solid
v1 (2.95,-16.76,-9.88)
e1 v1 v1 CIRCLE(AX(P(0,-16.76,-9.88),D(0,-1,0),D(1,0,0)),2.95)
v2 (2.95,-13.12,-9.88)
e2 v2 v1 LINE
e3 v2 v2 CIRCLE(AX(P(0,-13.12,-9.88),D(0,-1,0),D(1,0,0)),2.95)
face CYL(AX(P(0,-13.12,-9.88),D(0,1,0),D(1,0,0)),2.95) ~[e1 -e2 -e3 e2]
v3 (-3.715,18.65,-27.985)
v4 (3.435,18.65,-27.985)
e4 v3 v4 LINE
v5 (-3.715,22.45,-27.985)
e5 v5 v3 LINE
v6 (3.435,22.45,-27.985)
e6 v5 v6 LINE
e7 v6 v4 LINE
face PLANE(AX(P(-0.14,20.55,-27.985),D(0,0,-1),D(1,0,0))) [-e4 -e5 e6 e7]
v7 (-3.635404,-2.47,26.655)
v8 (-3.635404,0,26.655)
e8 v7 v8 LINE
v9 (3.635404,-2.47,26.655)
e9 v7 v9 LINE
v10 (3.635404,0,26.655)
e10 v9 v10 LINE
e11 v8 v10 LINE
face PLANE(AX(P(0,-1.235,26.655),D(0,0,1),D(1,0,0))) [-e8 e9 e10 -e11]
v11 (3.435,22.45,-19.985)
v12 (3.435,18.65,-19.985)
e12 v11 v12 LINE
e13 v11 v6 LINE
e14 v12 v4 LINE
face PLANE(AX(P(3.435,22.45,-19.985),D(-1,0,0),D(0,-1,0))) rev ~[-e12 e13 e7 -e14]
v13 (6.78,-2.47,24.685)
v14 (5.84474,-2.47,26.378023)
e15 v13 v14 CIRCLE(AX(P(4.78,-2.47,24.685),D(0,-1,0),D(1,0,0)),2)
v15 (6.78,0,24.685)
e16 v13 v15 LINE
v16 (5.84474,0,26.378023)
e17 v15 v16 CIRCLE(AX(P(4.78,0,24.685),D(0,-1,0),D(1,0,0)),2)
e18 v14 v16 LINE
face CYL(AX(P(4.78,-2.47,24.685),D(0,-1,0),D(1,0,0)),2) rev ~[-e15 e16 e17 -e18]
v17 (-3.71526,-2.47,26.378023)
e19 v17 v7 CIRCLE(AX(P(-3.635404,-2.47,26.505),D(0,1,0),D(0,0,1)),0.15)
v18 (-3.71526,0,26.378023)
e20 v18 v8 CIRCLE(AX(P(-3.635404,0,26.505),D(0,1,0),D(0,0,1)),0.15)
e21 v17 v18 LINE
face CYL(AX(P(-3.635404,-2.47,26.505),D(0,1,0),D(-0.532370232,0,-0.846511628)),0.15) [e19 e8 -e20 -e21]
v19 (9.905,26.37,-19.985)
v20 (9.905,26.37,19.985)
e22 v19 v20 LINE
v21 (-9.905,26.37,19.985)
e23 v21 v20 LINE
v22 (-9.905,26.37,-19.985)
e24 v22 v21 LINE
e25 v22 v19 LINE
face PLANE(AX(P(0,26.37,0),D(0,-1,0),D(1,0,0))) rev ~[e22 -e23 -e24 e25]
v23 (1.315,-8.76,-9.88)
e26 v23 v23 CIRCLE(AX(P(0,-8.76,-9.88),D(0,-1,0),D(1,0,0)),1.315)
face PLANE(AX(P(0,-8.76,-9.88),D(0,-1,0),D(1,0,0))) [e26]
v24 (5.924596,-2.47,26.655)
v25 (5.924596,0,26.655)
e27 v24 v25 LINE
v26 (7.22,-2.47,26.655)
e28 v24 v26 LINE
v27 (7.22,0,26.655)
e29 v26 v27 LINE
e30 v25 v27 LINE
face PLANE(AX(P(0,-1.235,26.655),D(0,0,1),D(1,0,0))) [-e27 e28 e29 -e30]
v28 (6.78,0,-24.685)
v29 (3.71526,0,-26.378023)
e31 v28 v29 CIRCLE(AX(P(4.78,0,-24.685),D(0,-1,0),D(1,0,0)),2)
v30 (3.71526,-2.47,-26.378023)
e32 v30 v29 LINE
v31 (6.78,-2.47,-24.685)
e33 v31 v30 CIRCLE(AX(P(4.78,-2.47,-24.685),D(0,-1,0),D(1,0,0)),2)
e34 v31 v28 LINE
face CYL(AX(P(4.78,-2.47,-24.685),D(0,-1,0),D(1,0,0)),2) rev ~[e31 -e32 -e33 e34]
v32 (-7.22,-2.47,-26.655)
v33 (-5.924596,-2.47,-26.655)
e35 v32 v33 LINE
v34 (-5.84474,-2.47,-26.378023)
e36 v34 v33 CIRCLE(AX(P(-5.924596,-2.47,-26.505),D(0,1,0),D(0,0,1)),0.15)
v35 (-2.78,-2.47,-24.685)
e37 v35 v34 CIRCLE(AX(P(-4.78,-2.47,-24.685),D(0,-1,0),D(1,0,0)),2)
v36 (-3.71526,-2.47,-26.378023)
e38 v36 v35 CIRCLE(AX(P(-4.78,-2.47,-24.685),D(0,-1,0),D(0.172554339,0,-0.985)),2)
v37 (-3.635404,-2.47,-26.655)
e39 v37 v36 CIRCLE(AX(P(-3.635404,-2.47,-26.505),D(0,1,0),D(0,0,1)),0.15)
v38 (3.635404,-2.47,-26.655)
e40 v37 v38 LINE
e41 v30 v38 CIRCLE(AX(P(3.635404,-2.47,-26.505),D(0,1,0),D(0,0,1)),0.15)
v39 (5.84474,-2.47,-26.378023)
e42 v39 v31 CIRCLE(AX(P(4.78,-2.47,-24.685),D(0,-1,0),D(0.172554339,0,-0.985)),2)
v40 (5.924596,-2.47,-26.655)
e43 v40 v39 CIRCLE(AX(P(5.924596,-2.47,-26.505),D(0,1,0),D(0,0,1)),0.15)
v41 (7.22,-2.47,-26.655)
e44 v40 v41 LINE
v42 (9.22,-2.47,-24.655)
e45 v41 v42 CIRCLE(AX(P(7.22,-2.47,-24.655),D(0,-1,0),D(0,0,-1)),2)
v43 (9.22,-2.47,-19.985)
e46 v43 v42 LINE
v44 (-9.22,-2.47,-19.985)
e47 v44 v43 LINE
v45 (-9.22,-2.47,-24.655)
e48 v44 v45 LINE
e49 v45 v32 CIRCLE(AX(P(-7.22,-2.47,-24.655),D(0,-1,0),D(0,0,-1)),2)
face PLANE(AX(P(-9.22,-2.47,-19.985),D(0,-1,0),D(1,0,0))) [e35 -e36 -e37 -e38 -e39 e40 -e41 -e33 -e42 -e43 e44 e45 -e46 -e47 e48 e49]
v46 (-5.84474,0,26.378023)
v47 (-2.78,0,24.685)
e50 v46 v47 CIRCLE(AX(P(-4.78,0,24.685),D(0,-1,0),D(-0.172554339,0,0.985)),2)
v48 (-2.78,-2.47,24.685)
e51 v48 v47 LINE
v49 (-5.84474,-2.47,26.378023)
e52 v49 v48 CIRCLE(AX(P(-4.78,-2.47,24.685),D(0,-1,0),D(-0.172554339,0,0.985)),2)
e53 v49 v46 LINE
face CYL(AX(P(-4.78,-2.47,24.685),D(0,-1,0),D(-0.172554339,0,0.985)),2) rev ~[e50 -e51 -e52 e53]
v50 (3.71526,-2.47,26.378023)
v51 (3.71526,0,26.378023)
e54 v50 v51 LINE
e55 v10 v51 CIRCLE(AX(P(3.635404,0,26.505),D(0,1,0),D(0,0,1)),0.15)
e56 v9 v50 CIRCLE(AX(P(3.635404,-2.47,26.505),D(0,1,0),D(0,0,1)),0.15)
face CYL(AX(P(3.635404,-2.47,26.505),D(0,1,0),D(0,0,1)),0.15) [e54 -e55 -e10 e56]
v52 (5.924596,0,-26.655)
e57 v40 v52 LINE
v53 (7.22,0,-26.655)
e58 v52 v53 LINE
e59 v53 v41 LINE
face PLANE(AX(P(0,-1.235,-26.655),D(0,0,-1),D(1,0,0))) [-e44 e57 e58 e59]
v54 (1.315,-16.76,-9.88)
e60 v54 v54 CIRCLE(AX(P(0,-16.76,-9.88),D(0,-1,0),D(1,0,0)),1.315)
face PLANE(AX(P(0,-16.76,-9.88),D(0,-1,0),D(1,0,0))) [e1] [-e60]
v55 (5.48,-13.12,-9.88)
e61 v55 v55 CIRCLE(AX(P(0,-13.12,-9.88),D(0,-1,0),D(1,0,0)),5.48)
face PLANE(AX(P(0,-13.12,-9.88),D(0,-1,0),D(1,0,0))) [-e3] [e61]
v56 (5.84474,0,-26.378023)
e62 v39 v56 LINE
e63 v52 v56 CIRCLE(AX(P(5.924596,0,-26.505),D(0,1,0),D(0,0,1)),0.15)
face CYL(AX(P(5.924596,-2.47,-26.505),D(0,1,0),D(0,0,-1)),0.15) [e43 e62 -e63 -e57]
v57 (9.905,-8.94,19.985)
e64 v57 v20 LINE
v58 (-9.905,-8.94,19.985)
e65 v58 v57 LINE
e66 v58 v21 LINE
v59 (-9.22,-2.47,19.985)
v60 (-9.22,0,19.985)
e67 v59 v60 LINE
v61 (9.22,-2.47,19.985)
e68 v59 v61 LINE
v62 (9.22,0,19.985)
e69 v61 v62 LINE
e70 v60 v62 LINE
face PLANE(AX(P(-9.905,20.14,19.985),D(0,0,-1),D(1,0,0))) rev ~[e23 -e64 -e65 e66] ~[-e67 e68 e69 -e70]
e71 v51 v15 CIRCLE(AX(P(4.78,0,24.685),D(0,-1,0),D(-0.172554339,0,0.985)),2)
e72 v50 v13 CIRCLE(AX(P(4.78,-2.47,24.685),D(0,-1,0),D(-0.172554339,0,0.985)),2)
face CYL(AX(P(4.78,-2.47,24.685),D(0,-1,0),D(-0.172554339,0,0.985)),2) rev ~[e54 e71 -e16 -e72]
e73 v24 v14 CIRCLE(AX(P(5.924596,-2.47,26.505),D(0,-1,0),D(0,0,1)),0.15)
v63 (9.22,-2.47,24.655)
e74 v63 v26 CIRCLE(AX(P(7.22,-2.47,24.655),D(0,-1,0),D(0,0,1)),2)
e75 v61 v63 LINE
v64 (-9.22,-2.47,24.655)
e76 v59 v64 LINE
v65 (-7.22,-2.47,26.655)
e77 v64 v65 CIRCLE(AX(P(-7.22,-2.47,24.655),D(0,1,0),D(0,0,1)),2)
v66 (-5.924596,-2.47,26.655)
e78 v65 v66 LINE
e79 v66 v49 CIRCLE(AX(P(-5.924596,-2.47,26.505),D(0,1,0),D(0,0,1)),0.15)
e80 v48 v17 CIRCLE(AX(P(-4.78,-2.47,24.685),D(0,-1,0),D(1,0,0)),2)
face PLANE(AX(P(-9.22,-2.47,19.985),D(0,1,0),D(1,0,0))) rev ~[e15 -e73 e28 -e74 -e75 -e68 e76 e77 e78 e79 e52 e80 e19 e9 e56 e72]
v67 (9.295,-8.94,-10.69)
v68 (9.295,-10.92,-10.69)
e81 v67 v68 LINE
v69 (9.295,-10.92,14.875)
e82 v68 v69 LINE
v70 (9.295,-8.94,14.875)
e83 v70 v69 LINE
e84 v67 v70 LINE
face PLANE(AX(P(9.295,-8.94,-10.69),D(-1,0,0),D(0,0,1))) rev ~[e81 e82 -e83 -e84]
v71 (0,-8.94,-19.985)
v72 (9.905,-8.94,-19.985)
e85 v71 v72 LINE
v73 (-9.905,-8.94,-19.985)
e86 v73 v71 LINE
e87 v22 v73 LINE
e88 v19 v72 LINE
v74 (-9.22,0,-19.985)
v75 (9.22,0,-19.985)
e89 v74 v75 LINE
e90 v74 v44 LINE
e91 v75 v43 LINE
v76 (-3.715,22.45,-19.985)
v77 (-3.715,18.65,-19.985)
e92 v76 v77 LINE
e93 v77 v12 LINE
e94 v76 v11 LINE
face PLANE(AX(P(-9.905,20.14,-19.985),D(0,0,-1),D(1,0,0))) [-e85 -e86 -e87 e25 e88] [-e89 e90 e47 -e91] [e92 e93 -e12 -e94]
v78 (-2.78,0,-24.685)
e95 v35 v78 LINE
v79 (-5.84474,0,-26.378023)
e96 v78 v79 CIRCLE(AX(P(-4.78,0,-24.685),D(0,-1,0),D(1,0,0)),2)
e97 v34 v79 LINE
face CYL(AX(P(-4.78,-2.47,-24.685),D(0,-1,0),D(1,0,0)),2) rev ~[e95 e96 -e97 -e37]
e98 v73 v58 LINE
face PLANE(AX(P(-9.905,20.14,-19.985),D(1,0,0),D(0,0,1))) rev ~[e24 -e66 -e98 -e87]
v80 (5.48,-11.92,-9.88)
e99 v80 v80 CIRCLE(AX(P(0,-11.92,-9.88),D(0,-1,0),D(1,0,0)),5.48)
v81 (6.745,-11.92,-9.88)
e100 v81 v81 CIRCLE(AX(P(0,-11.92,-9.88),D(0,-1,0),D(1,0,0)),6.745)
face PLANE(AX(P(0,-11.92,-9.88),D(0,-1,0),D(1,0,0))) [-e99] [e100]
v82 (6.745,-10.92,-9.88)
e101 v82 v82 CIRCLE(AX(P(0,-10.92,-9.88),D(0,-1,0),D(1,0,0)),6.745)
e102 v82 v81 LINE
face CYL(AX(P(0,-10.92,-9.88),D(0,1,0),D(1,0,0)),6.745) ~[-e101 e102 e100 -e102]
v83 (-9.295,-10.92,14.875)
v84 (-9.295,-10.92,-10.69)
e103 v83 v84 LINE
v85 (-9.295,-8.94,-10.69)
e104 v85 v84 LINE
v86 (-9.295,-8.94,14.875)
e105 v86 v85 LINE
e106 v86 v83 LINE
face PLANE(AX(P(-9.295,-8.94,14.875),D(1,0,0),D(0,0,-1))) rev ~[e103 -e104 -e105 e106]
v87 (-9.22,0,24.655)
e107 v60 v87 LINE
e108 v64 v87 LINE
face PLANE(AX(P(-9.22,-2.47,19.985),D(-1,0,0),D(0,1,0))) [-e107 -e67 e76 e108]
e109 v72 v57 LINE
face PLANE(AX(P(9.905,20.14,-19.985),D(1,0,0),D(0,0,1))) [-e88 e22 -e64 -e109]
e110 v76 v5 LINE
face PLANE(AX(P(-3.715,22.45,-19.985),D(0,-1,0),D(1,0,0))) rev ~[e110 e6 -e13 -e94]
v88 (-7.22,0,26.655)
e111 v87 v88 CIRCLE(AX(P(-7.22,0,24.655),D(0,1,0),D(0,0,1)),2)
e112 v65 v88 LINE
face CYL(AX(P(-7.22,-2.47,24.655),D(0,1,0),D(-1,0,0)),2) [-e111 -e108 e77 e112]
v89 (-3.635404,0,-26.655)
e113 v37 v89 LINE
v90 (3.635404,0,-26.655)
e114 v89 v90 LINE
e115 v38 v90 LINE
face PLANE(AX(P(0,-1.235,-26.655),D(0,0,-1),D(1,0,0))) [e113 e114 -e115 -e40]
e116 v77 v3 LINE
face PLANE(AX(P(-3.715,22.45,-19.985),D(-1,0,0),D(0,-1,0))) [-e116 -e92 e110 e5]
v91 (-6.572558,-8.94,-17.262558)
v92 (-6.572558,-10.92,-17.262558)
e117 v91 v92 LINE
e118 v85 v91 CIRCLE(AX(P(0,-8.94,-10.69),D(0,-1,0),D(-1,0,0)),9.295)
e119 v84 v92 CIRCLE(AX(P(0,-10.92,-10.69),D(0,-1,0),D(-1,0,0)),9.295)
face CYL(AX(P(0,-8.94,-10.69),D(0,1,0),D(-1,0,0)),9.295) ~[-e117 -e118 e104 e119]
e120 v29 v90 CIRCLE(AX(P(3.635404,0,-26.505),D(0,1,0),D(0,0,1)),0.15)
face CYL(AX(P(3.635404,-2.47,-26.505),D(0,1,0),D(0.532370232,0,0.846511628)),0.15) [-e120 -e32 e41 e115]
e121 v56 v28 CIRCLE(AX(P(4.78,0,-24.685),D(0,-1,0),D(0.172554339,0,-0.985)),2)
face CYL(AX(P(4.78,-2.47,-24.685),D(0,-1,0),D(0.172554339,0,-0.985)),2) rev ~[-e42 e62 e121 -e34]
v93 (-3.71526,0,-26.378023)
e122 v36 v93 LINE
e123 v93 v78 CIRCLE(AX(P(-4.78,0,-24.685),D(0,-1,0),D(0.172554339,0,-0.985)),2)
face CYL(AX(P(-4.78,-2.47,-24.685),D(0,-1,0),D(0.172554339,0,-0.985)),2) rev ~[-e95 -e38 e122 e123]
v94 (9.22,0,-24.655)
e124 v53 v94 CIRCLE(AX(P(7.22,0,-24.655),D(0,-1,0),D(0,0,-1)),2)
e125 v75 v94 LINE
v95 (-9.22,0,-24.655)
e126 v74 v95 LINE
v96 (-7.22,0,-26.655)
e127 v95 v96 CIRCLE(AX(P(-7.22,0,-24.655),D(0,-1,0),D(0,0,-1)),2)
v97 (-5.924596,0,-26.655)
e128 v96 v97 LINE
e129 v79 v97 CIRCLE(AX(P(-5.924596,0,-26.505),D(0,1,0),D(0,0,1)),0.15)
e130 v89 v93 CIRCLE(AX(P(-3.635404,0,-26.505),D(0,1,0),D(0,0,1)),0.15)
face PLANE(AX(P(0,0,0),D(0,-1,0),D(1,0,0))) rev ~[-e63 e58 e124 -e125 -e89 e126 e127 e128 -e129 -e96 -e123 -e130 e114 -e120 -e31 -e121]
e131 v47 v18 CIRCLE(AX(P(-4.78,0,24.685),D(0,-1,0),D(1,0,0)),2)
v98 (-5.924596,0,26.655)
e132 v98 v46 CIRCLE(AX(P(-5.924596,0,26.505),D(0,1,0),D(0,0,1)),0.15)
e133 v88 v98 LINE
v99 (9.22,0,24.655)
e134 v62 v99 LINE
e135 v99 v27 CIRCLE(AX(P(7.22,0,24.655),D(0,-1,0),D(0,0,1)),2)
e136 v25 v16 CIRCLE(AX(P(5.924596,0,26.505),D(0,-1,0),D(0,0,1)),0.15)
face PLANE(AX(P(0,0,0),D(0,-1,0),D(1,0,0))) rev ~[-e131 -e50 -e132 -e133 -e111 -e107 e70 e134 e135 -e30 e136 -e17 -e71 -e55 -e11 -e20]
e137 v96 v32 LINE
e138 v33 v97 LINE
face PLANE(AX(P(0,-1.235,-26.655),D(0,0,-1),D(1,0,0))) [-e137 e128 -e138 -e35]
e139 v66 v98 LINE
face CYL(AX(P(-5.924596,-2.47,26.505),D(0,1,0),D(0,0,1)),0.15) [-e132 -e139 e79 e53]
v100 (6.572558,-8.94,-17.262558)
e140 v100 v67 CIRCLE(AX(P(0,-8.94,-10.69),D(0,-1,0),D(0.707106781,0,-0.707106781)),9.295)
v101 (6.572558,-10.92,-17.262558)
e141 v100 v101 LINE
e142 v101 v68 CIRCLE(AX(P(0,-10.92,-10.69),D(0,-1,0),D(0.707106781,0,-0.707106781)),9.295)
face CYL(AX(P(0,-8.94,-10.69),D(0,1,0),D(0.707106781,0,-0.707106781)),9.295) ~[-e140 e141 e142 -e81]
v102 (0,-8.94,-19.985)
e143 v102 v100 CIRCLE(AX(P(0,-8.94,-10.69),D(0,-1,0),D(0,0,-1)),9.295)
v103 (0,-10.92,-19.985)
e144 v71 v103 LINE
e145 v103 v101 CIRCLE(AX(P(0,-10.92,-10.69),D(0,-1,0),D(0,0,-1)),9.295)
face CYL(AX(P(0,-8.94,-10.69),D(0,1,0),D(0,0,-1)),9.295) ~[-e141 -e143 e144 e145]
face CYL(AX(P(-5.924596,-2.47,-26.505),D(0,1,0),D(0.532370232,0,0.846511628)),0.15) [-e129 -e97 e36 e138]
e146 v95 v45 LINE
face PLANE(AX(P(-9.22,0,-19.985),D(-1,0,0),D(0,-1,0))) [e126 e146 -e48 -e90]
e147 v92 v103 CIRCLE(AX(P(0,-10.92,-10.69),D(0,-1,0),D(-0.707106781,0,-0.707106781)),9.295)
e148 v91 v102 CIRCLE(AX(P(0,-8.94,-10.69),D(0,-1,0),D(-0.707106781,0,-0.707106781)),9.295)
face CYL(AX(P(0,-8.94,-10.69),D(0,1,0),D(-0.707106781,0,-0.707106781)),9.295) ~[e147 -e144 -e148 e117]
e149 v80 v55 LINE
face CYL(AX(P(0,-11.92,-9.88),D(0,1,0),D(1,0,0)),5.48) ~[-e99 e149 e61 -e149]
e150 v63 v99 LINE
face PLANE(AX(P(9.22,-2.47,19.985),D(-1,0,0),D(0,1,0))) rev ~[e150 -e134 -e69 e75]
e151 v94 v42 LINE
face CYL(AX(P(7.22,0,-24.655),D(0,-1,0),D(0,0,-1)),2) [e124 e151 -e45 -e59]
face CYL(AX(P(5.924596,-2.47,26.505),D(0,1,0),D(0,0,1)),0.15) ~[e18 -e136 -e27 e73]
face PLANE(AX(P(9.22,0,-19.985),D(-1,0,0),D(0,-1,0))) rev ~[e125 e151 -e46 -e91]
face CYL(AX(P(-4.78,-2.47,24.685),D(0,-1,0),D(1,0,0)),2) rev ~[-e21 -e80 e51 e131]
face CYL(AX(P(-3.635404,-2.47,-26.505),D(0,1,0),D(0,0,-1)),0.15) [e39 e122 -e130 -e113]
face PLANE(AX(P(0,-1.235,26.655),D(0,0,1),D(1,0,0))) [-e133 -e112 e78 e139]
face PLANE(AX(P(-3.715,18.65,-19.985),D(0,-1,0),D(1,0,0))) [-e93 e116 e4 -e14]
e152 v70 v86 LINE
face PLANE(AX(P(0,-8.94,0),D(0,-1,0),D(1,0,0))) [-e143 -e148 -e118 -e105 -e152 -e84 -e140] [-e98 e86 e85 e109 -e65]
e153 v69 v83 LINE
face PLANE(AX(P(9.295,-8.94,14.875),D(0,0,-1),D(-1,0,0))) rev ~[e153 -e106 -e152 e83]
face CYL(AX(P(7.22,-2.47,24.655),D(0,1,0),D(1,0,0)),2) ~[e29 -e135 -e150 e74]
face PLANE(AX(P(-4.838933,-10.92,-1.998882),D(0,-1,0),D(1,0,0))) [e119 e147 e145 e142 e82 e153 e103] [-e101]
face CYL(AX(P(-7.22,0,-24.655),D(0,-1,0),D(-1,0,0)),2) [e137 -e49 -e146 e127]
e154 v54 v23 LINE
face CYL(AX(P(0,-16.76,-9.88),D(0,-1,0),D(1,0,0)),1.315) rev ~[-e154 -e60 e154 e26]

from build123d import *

# Parameters (mm, degrees)
F0_W      = 19.81
F0_H      = 39.97
F1_DEPTH  = 8.94
F3_W      = 18.44
F3_H      = 2.47
F4_DEPTH  = 6.67
F2_W      = 18.44
F2_H      = 2.47
F5_DEPTH  = 6.67
F6_DEPTH  = 20.14
F8_DEPTH  = 1.98
F9_R      = 6.745
F10_DEPTH = 1
F11_R     = 5.48
F12_DEPTH = 1.2
F13_R     = 2.95
F14_DEPTH = 3.64
F15_R     = 1.315
F16_DEPTH = 8
F17_DEPTH = 6.23
F18_W     = 7.15
F18_H     = 3.8
F19_DEPTH = 8
F22_DEPTH = 5
F23_R     = 0.15
F24_R     = 2


with BuildPart() as f1:
    # F0 (on Front) → F1 (new body)
    with BuildSketch(Plane.XZ):
        Rectangle(F0_W, F0_H)
    extrude(amount=F1_DEPTH)

    # F3 (on face) → F4 (join)
    with BuildSketch(Plane(origin=(0, 0, -19.985), x_dir=(1, 0, 0), z_dir=(0, 0, -1))):
        with Locations((0, 1.235)):
            Rectangle(F3_W, F3_H)
    extrude(amount=F4_DEPTH)

    # F2 (on face) → F5 (join)
    with BuildSketch(Plane.XY.offset(19.985)):
        with Locations((0, -1.235)):
            Rectangle(F2_W, F2_H)
    extrude(amount=F5_DEPTH)

    # F0 (on Front) → F6 (join)
    with BuildSketch(Plane.XZ):
        Rectangle(F0_W, F0_H)
    extrude(amount=-F6_DEPTH)

    # F7 (on face) → F8 (join)
    with BuildSketch(Plane.XZ.offset(8.94)):
        with BuildLine():
            Line((0, -1.395), (-9.295, -1.395))
            Line((-9.295, -1.395), (-6.5725575311, -4.1174424689))
            ThreePointArc((-6.5725575311, -4.1174424689), (-3.5570425038, -2.1025397453), (0, -1.395))
        make_face()
        with BuildLine():
            Line((6.5725575311, -4.1174424689), (9.295, -1.395))
            Line((9.295, -1.395), (0, -1.395))
            ThreePointArc((0, -1.395), (3.5570425038, -2.1025397453), (6.5725575311, -4.1174424689))
        make_face()
        with BuildLine():
            Line((9.295, -10.69), (9.295, -1.395))
            Line((9.295, -1.395), (6.5725575311, -4.1174424689))
            ThreePointArc((6.5725575311, -4.1174424689), (8.5874602547, -7.1329574962), (9.295, -10.69))
        make_face()
        with BuildLine():
            ThreePointArc((-6.5725575311, -4.1174424689), (-8.5874602547, -7.1329574962), (-9.295, -10.69))
            Line((-9.295, -10.69), (0, -10.69))
            Line((0, -10.69), (-6.5725575311, -4.1174424689))
        make_face()
        with BuildLine():
            Line((0, -10.69), (-9.295, -10.69))
            ThreePointArc((-9.295, -10.69), (-8.5874602547, -14.2470425038), (-6.5725575311, -17.2625575311))
            Line((-6.5725575311, -17.2625575311), (0, -10.69))
        make_face()
        with BuildLine():
            Line((0, -19.985), (0, -10.69))
            Line((0, -10.69), (-6.5725575311, -17.2625575311))
            ThreePointArc((-6.5725575311, -17.2625575311), (-3.5570425038, -19.2774602547), (0, -19.985))
        make_face()
        with BuildLine():
            Line((6.5725575311, -17.2625575311), (0, -10.69))
            Line((0, -10.69), (0, -19.985))
            ThreePointArc((0, -19.985), (3.5570425038, -19.2774602547), (6.5725575311, -17.2625575311))
        make_face()
        with BuildLine():
            ThreePointArc((6.5725575311, -17.2625575311), (8.5874602547, -14.2470425038), (9.295, -10.69))
            Line((9.295, -10.69), (0, -10.69))
            Line((0, -10.69), (6.5725575311, -17.2625575311))
        make_face()
        with BuildLine():
            Line((0, -10.69), (9.295, -10.69))
            ThreePointArc((9.295, -10.69), (8.5874602547, -7.1329574962), (6.5725575311, -4.1174424689))
            Line((6.5725575311, -4.1174424689), (0, -10.69))
        make_face()
        with BuildLine():
            ThreePointArc((6.5725575311, -4.1174424689), (3.5570425038, -2.1025397453), (0, -1.395))
            ThreePointArc((0, -1.395), (-3.5570425038, -2.1025397453), (-6.5725575311, -4.1174424689))
            Line((-6.5725575311, -4.1174424689), (0, -10.69))
            Line((0, -10.69), (6.5725575311, -4.1174424689))
        make_face()
        Polygon((9.295, 14.875), (-9.295, 14.875), (-9.295, -1.395), (0, -1.395), (9.295, -1.395), align=None)
        with BuildLine():
            Line((-6.5725575311, -4.1174424689), (-9.295, -1.395))
            Line((-9.295, -1.395), (-9.295, -10.69))
            ThreePointArc((-9.295, -10.69), (-8.5874602547, -7.1329574962), (-6.5725575311, -4.1174424689))
        make_face()
    extrude(amount=F8_DEPTH)

    # F9 (on face) → F10 (join)
    with BuildSketch(Plane.XZ.offset(10.92)):
        with Locations((0, -9.88)):
            Circle(F9_R)
    extrude(amount=F10_DEPTH)

    # F11 (on face) → F12 (join)
    with BuildSketch(Plane.XZ.offset(11.92)):
        with Locations((0, -9.88)):
            Circle(F11_R)
    extrude(amount=F12_DEPTH)

    # F13 (on face) → F14 (join)
    with BuildSketch(Plane.XZ.offset(13.12)):
        with Locations((0, -9.88)):
            Circle(F13_R)
    extrude(amount=F14_DEPTH)

    # F15 (on face) → F16 (cut)
    with BuildSketch(Plane.XZ.offset(16.76)):
        with Locations((0, -9.88)):
            Circle(F15_R)
    extrude(amount=-F16_DEPTH, mode=Mode.SUBTRACT)

    # F17 (add): a face of the model
    f17_faces = [f1.faces().sort_by_distance(p)[0] for p in [
        (0, 20.14, 0),
    ]]
    extrude(f17_faces, amount=F17_DEPTH)

    # F18 (on face) → F19 (join)
    with BuildSketch(Plane(origin=(0, 0, -19.985), x_dir=(1, 0, 0), z_dir=(0, 0, -1))):
        with Locations((-0.14, -20.55)):
            Rectangle(F18_W, F18_H)
    extrude(amount=F19_DEPTH)

    # F20 (on face) + F21 (on face) → F22 (cut)
    with BuildSketch(Plane.XZ.offset(2.47)):
        with BuildLine():
            Line((5.1251086785, 26.655), (4.4348913215, 26.655))
            ThreePointArc((4.4348913215, 26.655), (3.4935742068, 23.1536252325), (6.78, 24.685))
            ThreePointArc((6.78, 24.685), (6.3113747675, 25.9714257932), (5.1251086785, 26.655))
        make_face()
        with BuildLine():
            ThreePointArc((-5.1251086785, 26.655), (-6.0664257932, 23.1536252325), (-2.78, 24.685))
            ThreePointArc((-2.78, 24.685), (-3.2486252325, 25.9714257932), (-4.4348913215, 26.655))
            Line((-4.4348913215, 26.655), (-5.1251086785, 26.655))
        make_face()
    with BuildSketch(Plane.XZ.offset(2.47)):
        with BuildLine():
            ThreePointArc((6.78, -24.685), (3.4935742068, -23.1536252325), (4.4348913215, -26.655))
            Line((4.4348913215, -26.655), (5.1251086785, -26.655))
            ThreePointArc((5.1251086785, -26.655), (6.3113747675, -25.9714257932), (6.78, -24.685))
        make_face()
        with BuildLine():
            ThreePointArc((-4.4348913215, -26.655), (-3.2486252325, -25.9714257932), (-2.78, -24.685))
            ThreePointArc((-2.78, -24.685), (-6.0664257932, -23.1536252325), (-5.1251086785, -26.655))
            Line((-5.1251086785, -26.655), (-4.4348913215, -26.655))
        make_face()
    extrude(amount=-F22_DEPTH, mode=Mode.SUBTRACT)

    # F23
    f23_edges = [f1.edges().sort_by_distance(p)[0] for p in [
        (-5.125109, -1.235, -26.655),
        (-4.434891, -1.235, -26.655),
        (4.434891, -1.235, -26.655),
        (5.125109, -1.235, -26.655),
        (5.125109, -1.235, 26.655),
        (-4.434891, -1.235, 26.655),
        (-5.125109, -1.235, 26.655),
        (4.434891, -1.235, 26.655),
    ]]
    fillet(f23_edges, radius=F23_R)

    # F24
    f24_edges = [f1.edges().sort_by_distance(p)[0] for p in [
        (9.22, -1.235, 26.655),
        (-9.22, -1.235, 26.655),
        (-9.22, -1.235, -26.655),
        (9.22, -1.235, -26.655),
    ]]
    fillet(f24_edges, radius=F24_R)


solid = f1.part
